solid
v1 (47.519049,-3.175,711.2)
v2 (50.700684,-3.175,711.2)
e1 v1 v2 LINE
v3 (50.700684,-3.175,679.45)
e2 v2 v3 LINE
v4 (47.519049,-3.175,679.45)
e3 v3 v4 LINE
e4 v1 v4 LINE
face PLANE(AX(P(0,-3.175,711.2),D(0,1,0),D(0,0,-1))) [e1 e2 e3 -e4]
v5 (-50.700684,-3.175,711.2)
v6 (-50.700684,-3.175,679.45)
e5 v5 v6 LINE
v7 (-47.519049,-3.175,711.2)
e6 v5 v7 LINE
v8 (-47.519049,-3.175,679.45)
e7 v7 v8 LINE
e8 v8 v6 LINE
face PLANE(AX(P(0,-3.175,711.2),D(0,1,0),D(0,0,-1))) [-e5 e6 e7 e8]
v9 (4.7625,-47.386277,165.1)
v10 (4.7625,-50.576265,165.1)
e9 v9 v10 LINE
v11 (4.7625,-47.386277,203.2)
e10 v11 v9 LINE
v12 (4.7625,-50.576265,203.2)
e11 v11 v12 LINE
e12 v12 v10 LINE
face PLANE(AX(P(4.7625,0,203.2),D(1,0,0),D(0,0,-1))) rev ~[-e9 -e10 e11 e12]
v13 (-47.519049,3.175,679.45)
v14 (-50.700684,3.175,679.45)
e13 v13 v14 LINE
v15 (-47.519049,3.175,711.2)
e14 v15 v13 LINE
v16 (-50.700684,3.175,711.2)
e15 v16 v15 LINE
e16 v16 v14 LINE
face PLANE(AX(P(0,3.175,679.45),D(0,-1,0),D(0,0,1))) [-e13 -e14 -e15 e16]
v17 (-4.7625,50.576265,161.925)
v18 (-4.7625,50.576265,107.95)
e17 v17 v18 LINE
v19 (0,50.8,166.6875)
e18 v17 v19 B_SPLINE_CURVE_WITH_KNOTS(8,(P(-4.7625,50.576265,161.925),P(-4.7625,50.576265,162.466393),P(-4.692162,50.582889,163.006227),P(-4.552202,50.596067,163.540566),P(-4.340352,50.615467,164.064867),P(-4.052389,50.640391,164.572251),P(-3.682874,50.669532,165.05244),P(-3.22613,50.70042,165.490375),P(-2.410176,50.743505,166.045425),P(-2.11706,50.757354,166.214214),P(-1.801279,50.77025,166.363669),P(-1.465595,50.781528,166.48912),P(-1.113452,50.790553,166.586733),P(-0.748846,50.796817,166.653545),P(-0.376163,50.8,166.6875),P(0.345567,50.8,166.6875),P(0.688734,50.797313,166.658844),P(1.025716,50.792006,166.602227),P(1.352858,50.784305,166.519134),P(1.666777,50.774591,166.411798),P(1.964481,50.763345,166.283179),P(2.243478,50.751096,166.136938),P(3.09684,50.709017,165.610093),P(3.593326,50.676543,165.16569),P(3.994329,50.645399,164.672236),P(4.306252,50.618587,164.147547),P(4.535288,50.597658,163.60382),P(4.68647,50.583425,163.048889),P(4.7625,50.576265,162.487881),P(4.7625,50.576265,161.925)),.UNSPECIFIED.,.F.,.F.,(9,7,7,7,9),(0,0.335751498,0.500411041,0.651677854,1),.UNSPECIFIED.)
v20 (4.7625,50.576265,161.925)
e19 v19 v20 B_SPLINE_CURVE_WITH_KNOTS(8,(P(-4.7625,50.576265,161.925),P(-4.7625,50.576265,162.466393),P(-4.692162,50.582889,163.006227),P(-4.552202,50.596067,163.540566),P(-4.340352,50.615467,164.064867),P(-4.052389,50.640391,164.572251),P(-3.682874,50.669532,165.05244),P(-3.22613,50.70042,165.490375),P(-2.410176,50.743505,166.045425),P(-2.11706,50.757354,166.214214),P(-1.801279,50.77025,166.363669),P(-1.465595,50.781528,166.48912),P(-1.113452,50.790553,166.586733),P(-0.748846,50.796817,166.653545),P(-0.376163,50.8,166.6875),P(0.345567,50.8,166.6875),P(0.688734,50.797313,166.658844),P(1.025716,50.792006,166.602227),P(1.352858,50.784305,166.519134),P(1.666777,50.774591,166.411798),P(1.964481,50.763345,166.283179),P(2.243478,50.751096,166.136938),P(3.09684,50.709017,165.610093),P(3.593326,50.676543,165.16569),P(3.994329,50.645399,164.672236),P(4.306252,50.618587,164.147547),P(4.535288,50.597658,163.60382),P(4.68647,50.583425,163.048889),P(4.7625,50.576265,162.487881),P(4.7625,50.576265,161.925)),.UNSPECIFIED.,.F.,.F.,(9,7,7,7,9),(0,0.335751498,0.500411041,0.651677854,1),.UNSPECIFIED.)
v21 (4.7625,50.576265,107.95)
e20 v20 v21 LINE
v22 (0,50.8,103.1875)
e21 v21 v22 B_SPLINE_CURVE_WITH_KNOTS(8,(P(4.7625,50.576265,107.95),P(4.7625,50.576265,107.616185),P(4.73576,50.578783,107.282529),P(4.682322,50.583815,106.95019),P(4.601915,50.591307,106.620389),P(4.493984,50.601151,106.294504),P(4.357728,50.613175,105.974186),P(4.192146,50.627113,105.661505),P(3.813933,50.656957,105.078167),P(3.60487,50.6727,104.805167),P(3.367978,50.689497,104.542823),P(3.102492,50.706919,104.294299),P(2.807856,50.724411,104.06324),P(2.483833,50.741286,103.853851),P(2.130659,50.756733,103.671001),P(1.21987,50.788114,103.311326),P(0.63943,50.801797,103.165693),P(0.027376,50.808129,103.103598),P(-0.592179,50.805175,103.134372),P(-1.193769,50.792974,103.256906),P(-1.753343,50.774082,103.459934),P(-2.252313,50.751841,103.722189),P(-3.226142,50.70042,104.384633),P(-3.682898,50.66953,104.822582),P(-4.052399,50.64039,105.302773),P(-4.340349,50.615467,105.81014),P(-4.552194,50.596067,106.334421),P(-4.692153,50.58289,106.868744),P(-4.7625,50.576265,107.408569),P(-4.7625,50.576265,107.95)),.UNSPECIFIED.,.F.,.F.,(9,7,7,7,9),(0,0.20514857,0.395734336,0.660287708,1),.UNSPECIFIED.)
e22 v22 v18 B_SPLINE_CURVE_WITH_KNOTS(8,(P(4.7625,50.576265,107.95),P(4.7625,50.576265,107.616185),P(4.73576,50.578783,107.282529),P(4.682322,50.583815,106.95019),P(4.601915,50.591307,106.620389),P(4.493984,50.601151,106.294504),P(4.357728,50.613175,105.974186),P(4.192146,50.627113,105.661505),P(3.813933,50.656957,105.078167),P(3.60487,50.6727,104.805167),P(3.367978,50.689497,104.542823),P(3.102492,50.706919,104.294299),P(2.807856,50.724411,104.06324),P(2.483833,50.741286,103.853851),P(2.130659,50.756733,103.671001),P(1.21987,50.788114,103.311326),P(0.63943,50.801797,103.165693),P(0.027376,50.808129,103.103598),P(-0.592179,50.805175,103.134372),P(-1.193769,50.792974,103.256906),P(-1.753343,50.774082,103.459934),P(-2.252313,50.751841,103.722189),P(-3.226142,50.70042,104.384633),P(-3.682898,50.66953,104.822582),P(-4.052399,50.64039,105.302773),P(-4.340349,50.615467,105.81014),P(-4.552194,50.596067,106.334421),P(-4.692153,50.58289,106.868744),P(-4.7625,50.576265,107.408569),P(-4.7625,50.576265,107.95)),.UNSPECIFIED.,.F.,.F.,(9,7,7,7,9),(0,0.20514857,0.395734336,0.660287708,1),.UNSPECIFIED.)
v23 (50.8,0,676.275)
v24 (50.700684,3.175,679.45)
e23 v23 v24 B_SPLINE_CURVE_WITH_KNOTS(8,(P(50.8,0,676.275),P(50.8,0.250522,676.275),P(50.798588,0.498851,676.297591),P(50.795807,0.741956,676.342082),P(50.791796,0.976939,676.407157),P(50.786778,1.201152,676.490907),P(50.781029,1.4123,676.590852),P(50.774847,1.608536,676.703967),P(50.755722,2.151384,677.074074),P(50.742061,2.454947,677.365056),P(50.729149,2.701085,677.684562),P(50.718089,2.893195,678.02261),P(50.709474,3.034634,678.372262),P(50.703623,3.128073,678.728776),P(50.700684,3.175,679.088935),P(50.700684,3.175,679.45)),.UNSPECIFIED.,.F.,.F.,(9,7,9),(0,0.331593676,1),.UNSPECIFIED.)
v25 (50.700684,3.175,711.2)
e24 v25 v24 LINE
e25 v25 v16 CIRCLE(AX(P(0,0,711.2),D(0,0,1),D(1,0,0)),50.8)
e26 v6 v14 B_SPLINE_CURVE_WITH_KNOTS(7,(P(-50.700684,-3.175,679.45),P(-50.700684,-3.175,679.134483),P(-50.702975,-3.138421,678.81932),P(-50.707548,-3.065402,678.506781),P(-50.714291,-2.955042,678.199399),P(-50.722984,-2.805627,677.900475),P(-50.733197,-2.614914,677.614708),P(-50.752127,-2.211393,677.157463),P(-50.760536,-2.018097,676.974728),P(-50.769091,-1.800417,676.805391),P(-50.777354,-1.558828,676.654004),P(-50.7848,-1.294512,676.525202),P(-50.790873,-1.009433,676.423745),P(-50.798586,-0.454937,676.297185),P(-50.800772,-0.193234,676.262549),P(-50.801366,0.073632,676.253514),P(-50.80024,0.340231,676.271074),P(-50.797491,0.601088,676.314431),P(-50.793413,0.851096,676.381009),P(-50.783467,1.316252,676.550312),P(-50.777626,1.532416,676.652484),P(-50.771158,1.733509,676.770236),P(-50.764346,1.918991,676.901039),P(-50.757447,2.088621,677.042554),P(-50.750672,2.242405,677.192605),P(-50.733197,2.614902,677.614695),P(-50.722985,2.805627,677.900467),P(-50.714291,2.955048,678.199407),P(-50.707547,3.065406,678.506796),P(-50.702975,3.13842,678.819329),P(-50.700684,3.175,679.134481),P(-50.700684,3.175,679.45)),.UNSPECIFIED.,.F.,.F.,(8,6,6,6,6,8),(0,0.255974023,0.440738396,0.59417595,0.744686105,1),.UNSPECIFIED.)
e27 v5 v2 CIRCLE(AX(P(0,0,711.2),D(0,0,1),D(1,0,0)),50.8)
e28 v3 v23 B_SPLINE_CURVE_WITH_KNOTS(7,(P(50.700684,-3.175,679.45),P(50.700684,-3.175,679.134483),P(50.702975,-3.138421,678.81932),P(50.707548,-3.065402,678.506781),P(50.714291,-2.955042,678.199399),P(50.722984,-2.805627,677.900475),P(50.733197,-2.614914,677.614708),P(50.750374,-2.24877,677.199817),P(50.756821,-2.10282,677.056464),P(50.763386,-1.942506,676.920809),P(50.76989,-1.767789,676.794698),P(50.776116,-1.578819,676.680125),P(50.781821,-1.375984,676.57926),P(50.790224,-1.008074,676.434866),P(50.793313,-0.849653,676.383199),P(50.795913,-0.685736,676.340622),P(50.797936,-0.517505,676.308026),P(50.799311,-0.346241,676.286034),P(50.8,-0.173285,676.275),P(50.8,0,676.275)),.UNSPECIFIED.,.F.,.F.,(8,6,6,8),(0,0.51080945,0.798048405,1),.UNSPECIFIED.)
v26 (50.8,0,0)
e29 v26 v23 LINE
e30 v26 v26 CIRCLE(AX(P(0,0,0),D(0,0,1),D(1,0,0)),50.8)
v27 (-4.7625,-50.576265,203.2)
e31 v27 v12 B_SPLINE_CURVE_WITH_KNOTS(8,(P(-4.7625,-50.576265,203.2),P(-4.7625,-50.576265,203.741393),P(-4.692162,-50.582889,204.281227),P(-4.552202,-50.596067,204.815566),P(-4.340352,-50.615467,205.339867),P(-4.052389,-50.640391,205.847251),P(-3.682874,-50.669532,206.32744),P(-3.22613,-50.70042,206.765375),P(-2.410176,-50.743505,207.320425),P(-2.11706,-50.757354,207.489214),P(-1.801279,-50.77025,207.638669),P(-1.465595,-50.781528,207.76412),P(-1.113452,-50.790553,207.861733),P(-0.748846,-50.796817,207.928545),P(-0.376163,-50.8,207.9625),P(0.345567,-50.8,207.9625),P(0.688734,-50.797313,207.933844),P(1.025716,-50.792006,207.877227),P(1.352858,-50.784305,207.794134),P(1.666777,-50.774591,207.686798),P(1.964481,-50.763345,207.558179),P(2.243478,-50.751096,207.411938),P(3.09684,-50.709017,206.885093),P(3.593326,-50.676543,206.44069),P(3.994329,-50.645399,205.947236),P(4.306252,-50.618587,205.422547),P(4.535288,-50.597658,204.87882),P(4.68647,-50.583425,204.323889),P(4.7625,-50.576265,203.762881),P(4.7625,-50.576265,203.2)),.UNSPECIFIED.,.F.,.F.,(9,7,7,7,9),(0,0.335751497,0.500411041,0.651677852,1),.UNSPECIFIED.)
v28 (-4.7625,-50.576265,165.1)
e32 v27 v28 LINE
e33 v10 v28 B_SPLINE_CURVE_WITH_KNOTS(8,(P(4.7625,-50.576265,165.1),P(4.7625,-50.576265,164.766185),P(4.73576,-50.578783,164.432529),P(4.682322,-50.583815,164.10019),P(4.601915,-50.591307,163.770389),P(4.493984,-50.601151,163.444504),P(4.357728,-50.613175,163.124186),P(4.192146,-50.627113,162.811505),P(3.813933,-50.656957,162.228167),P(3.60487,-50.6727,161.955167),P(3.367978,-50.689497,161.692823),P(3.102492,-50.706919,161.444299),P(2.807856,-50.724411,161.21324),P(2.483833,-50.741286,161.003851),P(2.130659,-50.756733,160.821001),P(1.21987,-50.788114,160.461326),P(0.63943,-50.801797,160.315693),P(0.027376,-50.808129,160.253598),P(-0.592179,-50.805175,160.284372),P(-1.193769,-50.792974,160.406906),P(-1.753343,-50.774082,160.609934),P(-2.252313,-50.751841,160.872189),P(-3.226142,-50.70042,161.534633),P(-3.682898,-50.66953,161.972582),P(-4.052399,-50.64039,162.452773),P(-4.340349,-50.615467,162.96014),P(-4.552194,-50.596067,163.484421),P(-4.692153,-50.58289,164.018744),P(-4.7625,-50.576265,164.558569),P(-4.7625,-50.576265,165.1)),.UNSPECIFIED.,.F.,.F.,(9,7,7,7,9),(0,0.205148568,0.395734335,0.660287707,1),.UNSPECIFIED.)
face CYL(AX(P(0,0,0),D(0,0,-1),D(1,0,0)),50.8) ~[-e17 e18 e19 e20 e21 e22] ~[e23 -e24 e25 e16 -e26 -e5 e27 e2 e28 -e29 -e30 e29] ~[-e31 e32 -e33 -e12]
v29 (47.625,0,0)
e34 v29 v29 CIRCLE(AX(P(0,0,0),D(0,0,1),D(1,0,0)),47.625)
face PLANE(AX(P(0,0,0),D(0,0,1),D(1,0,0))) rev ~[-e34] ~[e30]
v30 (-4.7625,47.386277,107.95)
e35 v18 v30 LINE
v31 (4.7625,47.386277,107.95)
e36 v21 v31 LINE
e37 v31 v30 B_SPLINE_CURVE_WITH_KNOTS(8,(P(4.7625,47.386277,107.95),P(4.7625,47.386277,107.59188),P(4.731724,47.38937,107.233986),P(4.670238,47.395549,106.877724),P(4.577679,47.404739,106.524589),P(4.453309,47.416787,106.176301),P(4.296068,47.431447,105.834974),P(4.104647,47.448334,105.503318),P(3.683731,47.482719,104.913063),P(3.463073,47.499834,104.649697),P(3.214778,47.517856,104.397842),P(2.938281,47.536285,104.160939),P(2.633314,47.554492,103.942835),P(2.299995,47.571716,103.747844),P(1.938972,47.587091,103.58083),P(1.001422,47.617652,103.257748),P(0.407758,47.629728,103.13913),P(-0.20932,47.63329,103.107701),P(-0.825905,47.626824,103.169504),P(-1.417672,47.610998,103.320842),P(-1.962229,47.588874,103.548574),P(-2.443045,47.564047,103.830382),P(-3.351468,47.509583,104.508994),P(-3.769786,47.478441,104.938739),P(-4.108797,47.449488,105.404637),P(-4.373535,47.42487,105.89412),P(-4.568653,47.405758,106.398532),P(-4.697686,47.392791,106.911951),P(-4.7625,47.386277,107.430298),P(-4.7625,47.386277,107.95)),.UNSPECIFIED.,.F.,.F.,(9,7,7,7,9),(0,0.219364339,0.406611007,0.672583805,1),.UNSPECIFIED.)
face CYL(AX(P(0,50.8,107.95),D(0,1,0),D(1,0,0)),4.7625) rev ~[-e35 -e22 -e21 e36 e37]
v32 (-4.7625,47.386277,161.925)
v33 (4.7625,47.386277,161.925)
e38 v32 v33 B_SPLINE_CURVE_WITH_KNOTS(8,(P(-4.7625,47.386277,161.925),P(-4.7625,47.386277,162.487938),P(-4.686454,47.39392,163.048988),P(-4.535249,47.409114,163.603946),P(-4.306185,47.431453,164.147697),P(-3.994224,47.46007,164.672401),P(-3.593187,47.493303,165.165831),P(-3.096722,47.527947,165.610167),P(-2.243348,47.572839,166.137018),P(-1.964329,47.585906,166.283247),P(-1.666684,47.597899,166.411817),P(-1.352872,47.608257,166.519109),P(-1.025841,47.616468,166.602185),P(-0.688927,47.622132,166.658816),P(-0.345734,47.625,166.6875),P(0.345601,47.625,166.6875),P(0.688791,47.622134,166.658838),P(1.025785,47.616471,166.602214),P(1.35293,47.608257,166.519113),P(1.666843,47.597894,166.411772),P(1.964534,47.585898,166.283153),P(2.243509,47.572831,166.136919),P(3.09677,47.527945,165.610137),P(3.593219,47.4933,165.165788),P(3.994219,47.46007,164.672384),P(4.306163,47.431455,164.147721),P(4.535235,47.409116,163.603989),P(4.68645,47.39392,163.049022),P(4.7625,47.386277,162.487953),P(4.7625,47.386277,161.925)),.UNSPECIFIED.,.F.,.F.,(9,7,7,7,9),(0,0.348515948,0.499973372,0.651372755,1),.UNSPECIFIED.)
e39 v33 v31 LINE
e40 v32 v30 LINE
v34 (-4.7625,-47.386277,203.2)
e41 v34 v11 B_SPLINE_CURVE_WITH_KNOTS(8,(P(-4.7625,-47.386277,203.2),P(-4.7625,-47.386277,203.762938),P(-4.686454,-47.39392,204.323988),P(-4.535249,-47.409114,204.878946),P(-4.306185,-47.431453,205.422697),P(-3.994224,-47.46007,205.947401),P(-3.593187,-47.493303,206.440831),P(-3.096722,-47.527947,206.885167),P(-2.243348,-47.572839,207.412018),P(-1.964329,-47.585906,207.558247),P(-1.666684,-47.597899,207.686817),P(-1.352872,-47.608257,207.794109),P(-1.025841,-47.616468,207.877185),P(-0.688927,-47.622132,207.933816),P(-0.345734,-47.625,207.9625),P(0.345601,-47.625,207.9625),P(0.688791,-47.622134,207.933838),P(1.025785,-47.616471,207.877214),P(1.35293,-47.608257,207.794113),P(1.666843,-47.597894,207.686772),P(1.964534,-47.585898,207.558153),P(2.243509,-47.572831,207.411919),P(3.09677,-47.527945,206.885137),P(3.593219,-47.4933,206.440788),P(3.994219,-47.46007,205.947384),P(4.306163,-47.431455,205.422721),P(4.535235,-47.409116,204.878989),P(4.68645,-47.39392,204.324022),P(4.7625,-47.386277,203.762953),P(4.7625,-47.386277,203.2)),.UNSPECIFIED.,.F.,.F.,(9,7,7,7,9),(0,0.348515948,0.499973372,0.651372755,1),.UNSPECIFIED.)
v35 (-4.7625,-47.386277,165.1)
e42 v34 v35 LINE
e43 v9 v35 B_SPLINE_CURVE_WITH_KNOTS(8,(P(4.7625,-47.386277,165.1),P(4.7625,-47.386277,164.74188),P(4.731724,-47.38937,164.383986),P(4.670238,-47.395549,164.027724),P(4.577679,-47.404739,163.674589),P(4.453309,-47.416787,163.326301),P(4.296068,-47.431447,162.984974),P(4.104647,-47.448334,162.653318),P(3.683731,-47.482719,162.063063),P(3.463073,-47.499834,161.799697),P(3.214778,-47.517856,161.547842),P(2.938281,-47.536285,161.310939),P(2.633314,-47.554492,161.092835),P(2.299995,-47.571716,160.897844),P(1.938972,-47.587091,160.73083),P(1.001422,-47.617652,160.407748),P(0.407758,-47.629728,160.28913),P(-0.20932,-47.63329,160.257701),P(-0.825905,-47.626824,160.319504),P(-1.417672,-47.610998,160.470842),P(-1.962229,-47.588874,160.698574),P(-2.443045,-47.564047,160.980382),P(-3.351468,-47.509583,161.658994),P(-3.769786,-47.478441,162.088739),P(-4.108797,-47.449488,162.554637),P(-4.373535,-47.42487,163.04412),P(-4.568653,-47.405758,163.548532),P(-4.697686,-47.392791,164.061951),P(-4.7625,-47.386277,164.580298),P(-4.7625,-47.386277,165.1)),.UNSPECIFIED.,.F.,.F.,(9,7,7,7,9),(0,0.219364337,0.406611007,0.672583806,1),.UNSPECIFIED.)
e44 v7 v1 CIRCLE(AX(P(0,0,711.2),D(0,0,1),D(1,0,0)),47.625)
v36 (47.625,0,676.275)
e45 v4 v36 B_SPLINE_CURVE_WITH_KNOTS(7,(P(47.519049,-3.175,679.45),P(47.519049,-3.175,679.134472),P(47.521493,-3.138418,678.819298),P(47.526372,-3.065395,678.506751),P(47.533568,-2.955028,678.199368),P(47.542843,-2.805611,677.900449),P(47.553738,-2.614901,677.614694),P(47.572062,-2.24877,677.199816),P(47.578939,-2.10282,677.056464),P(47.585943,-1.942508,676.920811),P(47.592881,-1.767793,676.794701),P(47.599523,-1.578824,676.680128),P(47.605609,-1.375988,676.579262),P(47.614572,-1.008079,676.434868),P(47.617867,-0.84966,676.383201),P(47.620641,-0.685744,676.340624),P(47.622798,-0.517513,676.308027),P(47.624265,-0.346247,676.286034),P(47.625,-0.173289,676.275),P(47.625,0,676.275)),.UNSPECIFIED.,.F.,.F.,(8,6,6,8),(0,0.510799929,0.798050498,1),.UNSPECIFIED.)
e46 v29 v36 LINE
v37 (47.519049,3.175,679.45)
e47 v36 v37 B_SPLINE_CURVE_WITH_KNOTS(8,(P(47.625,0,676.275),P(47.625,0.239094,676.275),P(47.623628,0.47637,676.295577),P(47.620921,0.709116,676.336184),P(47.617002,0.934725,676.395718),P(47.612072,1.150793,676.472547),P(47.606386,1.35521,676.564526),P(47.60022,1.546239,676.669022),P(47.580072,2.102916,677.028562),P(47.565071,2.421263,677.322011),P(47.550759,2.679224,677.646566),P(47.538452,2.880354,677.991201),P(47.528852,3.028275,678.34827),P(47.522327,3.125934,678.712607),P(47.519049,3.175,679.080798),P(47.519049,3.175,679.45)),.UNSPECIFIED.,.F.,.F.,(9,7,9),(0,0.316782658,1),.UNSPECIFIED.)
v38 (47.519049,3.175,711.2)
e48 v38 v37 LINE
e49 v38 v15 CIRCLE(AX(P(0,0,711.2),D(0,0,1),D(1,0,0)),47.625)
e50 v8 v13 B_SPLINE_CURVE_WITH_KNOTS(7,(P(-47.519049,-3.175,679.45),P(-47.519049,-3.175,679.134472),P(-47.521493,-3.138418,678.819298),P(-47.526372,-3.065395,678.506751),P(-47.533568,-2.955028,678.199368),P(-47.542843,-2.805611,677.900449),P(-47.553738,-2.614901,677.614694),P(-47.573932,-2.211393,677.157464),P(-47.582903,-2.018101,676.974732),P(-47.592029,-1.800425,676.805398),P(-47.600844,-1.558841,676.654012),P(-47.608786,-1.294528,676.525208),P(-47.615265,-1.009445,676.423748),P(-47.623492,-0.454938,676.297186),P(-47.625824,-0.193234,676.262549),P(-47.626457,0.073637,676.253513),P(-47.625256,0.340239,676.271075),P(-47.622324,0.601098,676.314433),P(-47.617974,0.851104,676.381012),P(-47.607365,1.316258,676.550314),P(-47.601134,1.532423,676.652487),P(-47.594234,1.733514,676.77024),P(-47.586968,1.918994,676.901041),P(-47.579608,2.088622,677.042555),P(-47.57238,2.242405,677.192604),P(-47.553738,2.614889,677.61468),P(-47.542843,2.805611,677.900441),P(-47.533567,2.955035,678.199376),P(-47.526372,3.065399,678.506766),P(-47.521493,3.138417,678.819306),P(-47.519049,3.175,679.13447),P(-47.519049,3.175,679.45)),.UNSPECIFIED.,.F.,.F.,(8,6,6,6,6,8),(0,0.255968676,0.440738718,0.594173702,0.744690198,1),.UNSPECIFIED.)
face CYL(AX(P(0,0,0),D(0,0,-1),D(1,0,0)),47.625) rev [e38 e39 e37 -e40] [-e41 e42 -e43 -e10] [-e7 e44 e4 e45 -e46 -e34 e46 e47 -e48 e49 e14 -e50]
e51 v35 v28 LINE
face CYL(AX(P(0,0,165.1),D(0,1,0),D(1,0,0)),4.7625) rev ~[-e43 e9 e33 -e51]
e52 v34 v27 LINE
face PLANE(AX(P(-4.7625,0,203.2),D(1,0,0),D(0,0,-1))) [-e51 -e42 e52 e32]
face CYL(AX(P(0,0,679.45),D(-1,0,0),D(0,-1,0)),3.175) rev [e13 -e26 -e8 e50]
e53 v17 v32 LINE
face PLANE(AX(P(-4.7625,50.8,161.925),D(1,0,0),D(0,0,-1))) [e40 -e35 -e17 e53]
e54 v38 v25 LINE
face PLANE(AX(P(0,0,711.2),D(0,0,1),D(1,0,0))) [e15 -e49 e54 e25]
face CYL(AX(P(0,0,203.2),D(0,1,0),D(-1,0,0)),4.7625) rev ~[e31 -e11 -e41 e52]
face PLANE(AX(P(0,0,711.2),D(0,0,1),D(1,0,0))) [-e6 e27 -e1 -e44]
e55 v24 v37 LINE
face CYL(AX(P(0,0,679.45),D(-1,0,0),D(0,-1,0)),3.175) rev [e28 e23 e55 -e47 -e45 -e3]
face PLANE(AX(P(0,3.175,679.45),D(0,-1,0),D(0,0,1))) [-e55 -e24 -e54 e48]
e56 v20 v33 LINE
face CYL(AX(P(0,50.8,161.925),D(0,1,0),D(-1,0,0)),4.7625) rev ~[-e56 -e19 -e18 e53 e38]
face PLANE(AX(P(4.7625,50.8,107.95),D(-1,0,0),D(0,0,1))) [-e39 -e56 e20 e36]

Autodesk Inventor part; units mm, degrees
ref_plane "YZ Plane" through (0, 0, 0) normal (1, 0, 0) x (0, 1, 0)
ref_plane "XY Plane" through (0, 0, 0) normal (0, 0, 1) x (1, 0, 0)
sketch "Sketch1" plane through (0, 0, 0) normal (0, 0, 1) x (1, 0, 0)
  circle A0 centre (0, 0) radius 50.8
  circle A1 centre (0, 0) radius 47.625
  dimension "d0" = 101.6
  dimension "d1" = 95.25
extrude "Extrusion1" add sketch "Sketch1" along normal blind 711.2
ref_plane "Work Plane1" through (0, 50.8, 0) normal (0, 1, 0) x (-1, 0, 0)
sketch "Sketch5" plane through (0, 0, 0) normal (1, 0, 0) x (0, 1, 0)
  line L0 (50.8, 711.2) -> (-50.8, 711.2) construction
  line L1 (-50.8, 0) -> (50.8, 0) construction
  line L2 (3.175, 711.2) -> (-3.175, 711.2)
  line L3 (-3.175, 711.2) -> (-3.175, 679.45)
  line L4 (3.175, 679.45) -> (3.175, 711.2)
  arc A0 (-3.175, 679.45) -> (3.175, 679.45) centre (0, 679.45) ccw
  line L5 (0, 769.9295) -> (0, 0) construction
  dimension "d16" = 3.175
  dimension "d17" = 31.75
extrude "Extrusion4" cut sketch "Sketch5" along normal through all both and the other way through all
sketch "Sketch6" plane through (0, 0, 0) normal (0, 1, 0) x (-1, 0, 0)
  line L0 (4.7625, 203.2) -> (4.7625, 165.1)
  line L1 (-4.7625, 203.2) -> (-4.7625, 165.1)
  arc A0 (4.7625, 203.2) -> (-4.7625, 203.2) centre (0, 203.2) ccw
  arc A1 (-4.7625, 165.1) -> (4.7625, 165.1) centre (0, 165.1) ccw
  point P0 (0, 0)
  dimension "d20" = 203.2
  dimension "d21" = 165.1
  dimension "d22" = 9.525
extrude "Extrusion5" cut sketch "Sketch6" against normal through all
sketch "Sketch7" plane through (0, 50.8, 0) normal (0, 1, 0) x (-1, 0, 0)
  line L0 (4.7625, 161.925) -> (4.7625, 107.95)
  line L1 (-4.7625, 107.95) -> (-4.7625, 161.925)
  arc A0 (-4.7625, 107.95) -> (4.7625, 107.95) centre (0, 107.95) ccw
  arc A1 (4.7625, 161.925) -> (-4.7625, 161.925) centre (0, 161.925) ccw
  line L2 (-50.8, 0) -> (50.8, 0) projected
  point P0 (0, 0)
  dimension "d25" = 107.95
  dimension "d26" = 161.925
  dimension "d27" = 9.525
extrude "Extrusion6" cut sketch "Sketch7" against normal blind 25.4
properties part number "PrimaryHullLexanTube_01" material "Polycarbonate, Clear"
